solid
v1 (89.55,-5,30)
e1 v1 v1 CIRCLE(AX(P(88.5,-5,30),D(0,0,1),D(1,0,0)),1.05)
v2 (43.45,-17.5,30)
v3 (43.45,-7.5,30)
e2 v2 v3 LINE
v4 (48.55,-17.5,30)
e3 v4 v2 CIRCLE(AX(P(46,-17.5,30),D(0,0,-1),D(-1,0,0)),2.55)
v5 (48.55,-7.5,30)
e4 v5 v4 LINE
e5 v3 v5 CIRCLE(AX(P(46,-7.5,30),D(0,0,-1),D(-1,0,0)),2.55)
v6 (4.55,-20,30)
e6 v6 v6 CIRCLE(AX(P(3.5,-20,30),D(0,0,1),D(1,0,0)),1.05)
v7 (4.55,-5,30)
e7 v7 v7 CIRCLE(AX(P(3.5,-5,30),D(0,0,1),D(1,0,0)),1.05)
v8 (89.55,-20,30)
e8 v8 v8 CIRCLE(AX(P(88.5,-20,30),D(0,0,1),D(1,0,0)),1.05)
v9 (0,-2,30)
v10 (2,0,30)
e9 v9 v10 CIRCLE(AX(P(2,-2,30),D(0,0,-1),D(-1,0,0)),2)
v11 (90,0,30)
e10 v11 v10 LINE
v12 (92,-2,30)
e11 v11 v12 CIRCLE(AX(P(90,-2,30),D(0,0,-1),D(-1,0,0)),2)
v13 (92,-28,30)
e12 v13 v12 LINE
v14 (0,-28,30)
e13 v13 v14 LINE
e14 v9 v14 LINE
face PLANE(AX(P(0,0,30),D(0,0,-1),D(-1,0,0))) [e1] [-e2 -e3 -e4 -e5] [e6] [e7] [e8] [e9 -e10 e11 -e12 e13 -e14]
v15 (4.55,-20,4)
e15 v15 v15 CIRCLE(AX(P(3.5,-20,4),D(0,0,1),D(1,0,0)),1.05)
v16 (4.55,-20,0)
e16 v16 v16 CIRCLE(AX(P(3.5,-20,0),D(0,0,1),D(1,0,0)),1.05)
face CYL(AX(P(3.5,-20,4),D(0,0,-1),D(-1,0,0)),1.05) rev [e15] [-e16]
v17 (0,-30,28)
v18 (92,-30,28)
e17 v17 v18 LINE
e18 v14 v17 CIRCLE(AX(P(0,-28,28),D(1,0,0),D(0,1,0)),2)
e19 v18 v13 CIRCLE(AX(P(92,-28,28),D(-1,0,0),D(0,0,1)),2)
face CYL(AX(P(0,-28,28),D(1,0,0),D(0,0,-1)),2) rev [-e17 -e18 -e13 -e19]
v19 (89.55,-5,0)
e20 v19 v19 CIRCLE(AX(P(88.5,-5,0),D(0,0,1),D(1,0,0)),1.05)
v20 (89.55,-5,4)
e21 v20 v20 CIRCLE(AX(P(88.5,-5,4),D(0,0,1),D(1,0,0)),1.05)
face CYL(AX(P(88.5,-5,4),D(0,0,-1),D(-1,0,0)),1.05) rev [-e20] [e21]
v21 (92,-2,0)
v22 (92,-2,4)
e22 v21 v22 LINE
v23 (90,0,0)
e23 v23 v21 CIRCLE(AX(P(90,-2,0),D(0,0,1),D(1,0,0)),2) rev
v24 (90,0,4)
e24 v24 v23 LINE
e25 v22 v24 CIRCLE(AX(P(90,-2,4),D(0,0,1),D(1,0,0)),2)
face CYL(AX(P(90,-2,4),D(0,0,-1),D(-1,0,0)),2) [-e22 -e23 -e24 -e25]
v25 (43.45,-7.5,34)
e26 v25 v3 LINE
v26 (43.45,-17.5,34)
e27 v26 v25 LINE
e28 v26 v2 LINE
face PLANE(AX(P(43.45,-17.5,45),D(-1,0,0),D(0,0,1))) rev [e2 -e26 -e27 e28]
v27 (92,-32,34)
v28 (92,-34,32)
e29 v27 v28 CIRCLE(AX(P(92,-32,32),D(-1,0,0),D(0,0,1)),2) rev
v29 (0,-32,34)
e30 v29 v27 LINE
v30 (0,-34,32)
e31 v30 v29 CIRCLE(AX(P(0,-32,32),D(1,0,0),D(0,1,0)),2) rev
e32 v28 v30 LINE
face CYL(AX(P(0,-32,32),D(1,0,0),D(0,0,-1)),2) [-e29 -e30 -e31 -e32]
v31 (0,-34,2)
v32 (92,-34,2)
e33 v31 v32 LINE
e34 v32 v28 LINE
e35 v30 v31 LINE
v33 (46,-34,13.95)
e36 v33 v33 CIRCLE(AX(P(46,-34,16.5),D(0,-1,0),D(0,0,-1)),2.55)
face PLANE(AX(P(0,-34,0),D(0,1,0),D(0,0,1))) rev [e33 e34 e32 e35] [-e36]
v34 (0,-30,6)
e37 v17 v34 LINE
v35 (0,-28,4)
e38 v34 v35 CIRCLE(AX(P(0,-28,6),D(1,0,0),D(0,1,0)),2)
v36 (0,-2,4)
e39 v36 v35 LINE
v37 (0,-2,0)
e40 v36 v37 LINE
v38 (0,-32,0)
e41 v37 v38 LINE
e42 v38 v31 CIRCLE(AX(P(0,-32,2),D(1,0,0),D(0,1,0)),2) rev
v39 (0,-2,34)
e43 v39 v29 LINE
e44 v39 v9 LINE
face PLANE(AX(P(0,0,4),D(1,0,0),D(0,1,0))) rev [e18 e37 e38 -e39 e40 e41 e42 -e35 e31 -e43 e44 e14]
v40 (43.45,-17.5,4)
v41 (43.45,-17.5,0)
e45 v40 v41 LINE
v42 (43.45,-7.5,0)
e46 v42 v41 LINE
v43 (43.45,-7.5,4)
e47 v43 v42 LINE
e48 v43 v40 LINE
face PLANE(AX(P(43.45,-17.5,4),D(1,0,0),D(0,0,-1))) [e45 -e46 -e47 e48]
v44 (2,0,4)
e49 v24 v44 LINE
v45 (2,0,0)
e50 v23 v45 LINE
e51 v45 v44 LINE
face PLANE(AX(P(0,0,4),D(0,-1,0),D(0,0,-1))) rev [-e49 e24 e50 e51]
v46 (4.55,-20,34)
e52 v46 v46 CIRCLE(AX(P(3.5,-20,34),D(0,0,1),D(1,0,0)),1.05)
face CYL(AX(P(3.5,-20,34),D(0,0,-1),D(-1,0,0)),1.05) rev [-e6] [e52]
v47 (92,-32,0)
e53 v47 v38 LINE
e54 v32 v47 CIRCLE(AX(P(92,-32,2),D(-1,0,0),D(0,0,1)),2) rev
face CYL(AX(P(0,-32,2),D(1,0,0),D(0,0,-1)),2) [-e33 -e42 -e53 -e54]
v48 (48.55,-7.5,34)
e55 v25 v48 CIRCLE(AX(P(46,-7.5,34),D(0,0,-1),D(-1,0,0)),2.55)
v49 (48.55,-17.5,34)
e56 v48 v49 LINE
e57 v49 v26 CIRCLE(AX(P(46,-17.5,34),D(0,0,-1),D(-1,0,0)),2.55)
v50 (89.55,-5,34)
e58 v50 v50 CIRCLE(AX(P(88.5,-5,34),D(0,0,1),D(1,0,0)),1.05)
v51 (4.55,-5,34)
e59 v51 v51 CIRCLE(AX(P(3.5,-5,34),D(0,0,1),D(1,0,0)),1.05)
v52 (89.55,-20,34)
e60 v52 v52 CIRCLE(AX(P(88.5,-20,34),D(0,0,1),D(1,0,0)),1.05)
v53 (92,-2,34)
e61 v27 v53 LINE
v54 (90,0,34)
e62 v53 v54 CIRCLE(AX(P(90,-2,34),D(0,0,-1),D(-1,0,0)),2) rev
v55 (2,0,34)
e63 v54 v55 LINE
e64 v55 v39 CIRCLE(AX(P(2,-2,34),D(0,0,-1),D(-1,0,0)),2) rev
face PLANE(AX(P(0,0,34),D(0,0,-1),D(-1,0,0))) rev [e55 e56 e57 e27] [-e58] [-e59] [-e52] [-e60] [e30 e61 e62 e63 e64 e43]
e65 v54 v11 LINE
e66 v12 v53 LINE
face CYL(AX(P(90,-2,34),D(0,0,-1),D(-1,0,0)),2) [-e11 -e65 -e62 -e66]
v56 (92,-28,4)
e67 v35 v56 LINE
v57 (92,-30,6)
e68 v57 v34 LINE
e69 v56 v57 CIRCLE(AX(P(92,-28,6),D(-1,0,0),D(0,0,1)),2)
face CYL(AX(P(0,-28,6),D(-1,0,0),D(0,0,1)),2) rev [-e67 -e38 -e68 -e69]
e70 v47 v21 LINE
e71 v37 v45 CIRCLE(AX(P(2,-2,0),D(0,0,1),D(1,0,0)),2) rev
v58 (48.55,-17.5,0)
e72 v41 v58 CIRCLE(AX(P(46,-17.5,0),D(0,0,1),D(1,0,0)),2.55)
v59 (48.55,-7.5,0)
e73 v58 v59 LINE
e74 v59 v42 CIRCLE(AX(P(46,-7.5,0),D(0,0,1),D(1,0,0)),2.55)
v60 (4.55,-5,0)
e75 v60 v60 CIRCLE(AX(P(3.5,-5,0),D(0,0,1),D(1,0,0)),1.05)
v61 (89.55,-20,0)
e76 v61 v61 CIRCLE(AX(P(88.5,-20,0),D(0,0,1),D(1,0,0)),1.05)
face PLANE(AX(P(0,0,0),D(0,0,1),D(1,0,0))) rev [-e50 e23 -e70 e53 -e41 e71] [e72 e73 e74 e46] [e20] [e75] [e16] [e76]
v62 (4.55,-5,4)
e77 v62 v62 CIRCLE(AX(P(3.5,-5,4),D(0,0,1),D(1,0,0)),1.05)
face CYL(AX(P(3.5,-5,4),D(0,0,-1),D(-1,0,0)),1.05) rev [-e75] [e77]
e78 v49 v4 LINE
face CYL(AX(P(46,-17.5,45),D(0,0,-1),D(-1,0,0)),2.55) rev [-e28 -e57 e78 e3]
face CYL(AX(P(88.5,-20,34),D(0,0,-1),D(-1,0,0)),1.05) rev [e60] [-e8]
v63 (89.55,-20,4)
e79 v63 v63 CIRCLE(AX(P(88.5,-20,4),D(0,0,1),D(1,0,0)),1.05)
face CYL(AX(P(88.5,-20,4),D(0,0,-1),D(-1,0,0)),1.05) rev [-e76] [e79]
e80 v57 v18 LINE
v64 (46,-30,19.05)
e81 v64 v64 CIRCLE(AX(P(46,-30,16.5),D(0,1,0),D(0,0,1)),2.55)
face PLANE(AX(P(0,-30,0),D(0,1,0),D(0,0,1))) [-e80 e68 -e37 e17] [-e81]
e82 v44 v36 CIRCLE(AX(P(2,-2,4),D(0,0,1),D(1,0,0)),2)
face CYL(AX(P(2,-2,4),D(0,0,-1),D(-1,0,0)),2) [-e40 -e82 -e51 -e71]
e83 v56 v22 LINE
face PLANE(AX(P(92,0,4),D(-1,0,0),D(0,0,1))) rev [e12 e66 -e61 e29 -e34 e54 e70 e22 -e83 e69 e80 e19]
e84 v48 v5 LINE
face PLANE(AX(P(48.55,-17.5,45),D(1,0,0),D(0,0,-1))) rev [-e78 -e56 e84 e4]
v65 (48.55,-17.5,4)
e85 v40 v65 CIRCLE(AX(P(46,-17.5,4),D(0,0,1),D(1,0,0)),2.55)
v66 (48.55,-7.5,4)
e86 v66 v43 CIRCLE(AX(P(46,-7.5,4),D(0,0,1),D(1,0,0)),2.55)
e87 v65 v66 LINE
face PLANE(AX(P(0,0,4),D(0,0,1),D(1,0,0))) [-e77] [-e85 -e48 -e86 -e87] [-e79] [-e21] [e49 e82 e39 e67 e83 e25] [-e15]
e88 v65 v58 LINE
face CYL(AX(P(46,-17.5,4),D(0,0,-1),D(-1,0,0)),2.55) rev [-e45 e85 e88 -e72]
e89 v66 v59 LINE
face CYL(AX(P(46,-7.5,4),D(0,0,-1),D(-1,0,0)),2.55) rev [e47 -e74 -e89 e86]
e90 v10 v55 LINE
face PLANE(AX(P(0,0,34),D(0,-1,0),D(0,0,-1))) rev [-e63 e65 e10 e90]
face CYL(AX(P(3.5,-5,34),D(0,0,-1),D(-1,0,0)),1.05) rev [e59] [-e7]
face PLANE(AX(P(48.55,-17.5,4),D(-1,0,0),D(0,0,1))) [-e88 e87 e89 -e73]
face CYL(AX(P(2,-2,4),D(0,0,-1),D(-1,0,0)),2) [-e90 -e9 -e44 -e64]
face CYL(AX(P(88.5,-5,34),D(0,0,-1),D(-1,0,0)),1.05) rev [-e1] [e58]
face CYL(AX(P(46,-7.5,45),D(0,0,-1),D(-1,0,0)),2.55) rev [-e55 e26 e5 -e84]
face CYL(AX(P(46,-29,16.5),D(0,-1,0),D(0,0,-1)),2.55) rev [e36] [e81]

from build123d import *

# Parameters (mm, degrees)
SKETCH_1_W          = 92
SKETCH_1_H          = 30
SKETCH_1_R          = 1.05
EXTRUDE_1_DEPTH     = 4
SKETCH_4_W          = 92
SKETCH_4_H          = 30
EXTRUDE_4_DEPTH     = 4
SKETCH_5_W          = 92
SKETCH_5_H          = 34
SKETCH_5_R          = 1.05
EXTRUDE_5_DEPTH     = 4
FILLET_4_R          = 2
CUT_EXTRUDE_1_DEPTH = 45
SKETCH_8_R          = 2.55
CUT_EXTRUDE_2_DEPTH = 5


with BuildPart() as part:
    # 草图1 → 凸台-拉伸1 (new body)
    with BuildSketch(Plane.XY):
        with Locations((46, -15)):
            Rectangle(SKETCH_1_W, SKETCH_1_H)
        with Locations((3.5, -5)):
            Circle(SKETCH_1_R, mode=Mode.SUBTRACT)
        with Locations((3.5, -20)):
            Circle(SKETCH_1_R, mode=Mode.SUBTRACT)
        with Locations((88.5, -5)):
            Circle(SKETCH_1_R, mode=Mode.SUBTRACT)
        with Locations((88.5, -20)):
            Circle(SKETCH_1_R, mode=Mode.SUBTRACT)
        with BuildLine():
            Line((43.45, -17.5), (43.45, -7.5))
            ThreePointArc((43.45, -7.5), (46, -4.95), (48.55, -7.5))
            Line((48.55, -7.5), (48.55, -17.5))
            ThreePointArc((48.55, -17.5), (46, -20.05), (43.45, -17.5))
        make_face(mode=Mode.SUBTRACT)
    extrude(amount=EXTRUDE_1_DEPTH)

    # 草图4 → 凸台-拉伸4 (add)
    with BuildSketch(Plane(origin=(0, -30, 0), x_dir=(-1, 0, 0), z_dir=(0, -1, 0))):
        with Locations((-46, -15)):
            Rectangle(SKETCH_4_W, SKETCH_4_H)
    extrude(amount=EXTRUDE_4_DEPTH)

    # 草图5 → 凸台-拉伸5 (add)
    with BuildSketch(Plane.XY.offset(30)):
        with Locations((46, -17)):
            Rectangle(SKETCH_5_W, SKETCH_5_H)
        with Locations((3.5, -5)):
            Circle(SKETCH_5_R, mode=Mode.SUBTRACT)
        with Locations((3.5, -20)):
            Circle(SKETCH_5_R, mode=Mode.SUBTRACT)
        with Locations((88.5, -20)):
            Circle(SKETCH_5_R, mode=Mode.SUBTRACT)
        with Locations((88.5, -5)):
            Circle(SKETCH_5_R, mode=Mode.SUBTRACT)
    extrude(amount=EXTRUDE_5_DEPTH)

    # 圆角4
    fillet_4_edges = [part.edges().sort_by_distance(p)[0] for p in [
        (46, -30, 30),
        (46, -34, 0),
        (46, -34, 34),
        (0, 0, 32),
        (92, 0, 32),
        (0, 0, 2),
        (92, 0, 2),
        (46, -30, 4),
    ]]
    fillet(fillet_4_edges, radius=FILLET_4_R)

    # 草图7 → 切除-拉伸1 (cut)
    with BuildSketch(Plane(origin=(0, 0, 0), x_dir=(-1, 0, 0), z_dir=(0, 0, -1))):
        with BuildLine():
            Line((-48.55, -17.5), (-48.55, -7.5))
            ThreePointArc((-48.55, -7.5), (-46, -4.95), (-43.45, -7.5))
            Line((-43.45, -7.5), (-43.45, -17.5))
            ThreePointArc((-43.45, -17.5), (-46, -20.05), (-48.55, -17.5))
        make_face()
    extrude(amount=-CUT_EXTRUDE_1_DEPTH, mode=Mode.SUBTRACT)

    # 草图8 → 切除-拉伸2 (cut)
    with BuildSketch(Plane(origin=(0, -34, 0), x_dir=(-1, 0, 0), z_dir=(0, -1, 0))):
        with Locations(Location((-46, -16.5, 0), (0, 0, 90))):
            Circle(SKETCH_8_R)
    extrude(amount=-CUT_EXTRUDE_2_DEPTH, mode=Mode.SUBTRACT)


solid = part.part
